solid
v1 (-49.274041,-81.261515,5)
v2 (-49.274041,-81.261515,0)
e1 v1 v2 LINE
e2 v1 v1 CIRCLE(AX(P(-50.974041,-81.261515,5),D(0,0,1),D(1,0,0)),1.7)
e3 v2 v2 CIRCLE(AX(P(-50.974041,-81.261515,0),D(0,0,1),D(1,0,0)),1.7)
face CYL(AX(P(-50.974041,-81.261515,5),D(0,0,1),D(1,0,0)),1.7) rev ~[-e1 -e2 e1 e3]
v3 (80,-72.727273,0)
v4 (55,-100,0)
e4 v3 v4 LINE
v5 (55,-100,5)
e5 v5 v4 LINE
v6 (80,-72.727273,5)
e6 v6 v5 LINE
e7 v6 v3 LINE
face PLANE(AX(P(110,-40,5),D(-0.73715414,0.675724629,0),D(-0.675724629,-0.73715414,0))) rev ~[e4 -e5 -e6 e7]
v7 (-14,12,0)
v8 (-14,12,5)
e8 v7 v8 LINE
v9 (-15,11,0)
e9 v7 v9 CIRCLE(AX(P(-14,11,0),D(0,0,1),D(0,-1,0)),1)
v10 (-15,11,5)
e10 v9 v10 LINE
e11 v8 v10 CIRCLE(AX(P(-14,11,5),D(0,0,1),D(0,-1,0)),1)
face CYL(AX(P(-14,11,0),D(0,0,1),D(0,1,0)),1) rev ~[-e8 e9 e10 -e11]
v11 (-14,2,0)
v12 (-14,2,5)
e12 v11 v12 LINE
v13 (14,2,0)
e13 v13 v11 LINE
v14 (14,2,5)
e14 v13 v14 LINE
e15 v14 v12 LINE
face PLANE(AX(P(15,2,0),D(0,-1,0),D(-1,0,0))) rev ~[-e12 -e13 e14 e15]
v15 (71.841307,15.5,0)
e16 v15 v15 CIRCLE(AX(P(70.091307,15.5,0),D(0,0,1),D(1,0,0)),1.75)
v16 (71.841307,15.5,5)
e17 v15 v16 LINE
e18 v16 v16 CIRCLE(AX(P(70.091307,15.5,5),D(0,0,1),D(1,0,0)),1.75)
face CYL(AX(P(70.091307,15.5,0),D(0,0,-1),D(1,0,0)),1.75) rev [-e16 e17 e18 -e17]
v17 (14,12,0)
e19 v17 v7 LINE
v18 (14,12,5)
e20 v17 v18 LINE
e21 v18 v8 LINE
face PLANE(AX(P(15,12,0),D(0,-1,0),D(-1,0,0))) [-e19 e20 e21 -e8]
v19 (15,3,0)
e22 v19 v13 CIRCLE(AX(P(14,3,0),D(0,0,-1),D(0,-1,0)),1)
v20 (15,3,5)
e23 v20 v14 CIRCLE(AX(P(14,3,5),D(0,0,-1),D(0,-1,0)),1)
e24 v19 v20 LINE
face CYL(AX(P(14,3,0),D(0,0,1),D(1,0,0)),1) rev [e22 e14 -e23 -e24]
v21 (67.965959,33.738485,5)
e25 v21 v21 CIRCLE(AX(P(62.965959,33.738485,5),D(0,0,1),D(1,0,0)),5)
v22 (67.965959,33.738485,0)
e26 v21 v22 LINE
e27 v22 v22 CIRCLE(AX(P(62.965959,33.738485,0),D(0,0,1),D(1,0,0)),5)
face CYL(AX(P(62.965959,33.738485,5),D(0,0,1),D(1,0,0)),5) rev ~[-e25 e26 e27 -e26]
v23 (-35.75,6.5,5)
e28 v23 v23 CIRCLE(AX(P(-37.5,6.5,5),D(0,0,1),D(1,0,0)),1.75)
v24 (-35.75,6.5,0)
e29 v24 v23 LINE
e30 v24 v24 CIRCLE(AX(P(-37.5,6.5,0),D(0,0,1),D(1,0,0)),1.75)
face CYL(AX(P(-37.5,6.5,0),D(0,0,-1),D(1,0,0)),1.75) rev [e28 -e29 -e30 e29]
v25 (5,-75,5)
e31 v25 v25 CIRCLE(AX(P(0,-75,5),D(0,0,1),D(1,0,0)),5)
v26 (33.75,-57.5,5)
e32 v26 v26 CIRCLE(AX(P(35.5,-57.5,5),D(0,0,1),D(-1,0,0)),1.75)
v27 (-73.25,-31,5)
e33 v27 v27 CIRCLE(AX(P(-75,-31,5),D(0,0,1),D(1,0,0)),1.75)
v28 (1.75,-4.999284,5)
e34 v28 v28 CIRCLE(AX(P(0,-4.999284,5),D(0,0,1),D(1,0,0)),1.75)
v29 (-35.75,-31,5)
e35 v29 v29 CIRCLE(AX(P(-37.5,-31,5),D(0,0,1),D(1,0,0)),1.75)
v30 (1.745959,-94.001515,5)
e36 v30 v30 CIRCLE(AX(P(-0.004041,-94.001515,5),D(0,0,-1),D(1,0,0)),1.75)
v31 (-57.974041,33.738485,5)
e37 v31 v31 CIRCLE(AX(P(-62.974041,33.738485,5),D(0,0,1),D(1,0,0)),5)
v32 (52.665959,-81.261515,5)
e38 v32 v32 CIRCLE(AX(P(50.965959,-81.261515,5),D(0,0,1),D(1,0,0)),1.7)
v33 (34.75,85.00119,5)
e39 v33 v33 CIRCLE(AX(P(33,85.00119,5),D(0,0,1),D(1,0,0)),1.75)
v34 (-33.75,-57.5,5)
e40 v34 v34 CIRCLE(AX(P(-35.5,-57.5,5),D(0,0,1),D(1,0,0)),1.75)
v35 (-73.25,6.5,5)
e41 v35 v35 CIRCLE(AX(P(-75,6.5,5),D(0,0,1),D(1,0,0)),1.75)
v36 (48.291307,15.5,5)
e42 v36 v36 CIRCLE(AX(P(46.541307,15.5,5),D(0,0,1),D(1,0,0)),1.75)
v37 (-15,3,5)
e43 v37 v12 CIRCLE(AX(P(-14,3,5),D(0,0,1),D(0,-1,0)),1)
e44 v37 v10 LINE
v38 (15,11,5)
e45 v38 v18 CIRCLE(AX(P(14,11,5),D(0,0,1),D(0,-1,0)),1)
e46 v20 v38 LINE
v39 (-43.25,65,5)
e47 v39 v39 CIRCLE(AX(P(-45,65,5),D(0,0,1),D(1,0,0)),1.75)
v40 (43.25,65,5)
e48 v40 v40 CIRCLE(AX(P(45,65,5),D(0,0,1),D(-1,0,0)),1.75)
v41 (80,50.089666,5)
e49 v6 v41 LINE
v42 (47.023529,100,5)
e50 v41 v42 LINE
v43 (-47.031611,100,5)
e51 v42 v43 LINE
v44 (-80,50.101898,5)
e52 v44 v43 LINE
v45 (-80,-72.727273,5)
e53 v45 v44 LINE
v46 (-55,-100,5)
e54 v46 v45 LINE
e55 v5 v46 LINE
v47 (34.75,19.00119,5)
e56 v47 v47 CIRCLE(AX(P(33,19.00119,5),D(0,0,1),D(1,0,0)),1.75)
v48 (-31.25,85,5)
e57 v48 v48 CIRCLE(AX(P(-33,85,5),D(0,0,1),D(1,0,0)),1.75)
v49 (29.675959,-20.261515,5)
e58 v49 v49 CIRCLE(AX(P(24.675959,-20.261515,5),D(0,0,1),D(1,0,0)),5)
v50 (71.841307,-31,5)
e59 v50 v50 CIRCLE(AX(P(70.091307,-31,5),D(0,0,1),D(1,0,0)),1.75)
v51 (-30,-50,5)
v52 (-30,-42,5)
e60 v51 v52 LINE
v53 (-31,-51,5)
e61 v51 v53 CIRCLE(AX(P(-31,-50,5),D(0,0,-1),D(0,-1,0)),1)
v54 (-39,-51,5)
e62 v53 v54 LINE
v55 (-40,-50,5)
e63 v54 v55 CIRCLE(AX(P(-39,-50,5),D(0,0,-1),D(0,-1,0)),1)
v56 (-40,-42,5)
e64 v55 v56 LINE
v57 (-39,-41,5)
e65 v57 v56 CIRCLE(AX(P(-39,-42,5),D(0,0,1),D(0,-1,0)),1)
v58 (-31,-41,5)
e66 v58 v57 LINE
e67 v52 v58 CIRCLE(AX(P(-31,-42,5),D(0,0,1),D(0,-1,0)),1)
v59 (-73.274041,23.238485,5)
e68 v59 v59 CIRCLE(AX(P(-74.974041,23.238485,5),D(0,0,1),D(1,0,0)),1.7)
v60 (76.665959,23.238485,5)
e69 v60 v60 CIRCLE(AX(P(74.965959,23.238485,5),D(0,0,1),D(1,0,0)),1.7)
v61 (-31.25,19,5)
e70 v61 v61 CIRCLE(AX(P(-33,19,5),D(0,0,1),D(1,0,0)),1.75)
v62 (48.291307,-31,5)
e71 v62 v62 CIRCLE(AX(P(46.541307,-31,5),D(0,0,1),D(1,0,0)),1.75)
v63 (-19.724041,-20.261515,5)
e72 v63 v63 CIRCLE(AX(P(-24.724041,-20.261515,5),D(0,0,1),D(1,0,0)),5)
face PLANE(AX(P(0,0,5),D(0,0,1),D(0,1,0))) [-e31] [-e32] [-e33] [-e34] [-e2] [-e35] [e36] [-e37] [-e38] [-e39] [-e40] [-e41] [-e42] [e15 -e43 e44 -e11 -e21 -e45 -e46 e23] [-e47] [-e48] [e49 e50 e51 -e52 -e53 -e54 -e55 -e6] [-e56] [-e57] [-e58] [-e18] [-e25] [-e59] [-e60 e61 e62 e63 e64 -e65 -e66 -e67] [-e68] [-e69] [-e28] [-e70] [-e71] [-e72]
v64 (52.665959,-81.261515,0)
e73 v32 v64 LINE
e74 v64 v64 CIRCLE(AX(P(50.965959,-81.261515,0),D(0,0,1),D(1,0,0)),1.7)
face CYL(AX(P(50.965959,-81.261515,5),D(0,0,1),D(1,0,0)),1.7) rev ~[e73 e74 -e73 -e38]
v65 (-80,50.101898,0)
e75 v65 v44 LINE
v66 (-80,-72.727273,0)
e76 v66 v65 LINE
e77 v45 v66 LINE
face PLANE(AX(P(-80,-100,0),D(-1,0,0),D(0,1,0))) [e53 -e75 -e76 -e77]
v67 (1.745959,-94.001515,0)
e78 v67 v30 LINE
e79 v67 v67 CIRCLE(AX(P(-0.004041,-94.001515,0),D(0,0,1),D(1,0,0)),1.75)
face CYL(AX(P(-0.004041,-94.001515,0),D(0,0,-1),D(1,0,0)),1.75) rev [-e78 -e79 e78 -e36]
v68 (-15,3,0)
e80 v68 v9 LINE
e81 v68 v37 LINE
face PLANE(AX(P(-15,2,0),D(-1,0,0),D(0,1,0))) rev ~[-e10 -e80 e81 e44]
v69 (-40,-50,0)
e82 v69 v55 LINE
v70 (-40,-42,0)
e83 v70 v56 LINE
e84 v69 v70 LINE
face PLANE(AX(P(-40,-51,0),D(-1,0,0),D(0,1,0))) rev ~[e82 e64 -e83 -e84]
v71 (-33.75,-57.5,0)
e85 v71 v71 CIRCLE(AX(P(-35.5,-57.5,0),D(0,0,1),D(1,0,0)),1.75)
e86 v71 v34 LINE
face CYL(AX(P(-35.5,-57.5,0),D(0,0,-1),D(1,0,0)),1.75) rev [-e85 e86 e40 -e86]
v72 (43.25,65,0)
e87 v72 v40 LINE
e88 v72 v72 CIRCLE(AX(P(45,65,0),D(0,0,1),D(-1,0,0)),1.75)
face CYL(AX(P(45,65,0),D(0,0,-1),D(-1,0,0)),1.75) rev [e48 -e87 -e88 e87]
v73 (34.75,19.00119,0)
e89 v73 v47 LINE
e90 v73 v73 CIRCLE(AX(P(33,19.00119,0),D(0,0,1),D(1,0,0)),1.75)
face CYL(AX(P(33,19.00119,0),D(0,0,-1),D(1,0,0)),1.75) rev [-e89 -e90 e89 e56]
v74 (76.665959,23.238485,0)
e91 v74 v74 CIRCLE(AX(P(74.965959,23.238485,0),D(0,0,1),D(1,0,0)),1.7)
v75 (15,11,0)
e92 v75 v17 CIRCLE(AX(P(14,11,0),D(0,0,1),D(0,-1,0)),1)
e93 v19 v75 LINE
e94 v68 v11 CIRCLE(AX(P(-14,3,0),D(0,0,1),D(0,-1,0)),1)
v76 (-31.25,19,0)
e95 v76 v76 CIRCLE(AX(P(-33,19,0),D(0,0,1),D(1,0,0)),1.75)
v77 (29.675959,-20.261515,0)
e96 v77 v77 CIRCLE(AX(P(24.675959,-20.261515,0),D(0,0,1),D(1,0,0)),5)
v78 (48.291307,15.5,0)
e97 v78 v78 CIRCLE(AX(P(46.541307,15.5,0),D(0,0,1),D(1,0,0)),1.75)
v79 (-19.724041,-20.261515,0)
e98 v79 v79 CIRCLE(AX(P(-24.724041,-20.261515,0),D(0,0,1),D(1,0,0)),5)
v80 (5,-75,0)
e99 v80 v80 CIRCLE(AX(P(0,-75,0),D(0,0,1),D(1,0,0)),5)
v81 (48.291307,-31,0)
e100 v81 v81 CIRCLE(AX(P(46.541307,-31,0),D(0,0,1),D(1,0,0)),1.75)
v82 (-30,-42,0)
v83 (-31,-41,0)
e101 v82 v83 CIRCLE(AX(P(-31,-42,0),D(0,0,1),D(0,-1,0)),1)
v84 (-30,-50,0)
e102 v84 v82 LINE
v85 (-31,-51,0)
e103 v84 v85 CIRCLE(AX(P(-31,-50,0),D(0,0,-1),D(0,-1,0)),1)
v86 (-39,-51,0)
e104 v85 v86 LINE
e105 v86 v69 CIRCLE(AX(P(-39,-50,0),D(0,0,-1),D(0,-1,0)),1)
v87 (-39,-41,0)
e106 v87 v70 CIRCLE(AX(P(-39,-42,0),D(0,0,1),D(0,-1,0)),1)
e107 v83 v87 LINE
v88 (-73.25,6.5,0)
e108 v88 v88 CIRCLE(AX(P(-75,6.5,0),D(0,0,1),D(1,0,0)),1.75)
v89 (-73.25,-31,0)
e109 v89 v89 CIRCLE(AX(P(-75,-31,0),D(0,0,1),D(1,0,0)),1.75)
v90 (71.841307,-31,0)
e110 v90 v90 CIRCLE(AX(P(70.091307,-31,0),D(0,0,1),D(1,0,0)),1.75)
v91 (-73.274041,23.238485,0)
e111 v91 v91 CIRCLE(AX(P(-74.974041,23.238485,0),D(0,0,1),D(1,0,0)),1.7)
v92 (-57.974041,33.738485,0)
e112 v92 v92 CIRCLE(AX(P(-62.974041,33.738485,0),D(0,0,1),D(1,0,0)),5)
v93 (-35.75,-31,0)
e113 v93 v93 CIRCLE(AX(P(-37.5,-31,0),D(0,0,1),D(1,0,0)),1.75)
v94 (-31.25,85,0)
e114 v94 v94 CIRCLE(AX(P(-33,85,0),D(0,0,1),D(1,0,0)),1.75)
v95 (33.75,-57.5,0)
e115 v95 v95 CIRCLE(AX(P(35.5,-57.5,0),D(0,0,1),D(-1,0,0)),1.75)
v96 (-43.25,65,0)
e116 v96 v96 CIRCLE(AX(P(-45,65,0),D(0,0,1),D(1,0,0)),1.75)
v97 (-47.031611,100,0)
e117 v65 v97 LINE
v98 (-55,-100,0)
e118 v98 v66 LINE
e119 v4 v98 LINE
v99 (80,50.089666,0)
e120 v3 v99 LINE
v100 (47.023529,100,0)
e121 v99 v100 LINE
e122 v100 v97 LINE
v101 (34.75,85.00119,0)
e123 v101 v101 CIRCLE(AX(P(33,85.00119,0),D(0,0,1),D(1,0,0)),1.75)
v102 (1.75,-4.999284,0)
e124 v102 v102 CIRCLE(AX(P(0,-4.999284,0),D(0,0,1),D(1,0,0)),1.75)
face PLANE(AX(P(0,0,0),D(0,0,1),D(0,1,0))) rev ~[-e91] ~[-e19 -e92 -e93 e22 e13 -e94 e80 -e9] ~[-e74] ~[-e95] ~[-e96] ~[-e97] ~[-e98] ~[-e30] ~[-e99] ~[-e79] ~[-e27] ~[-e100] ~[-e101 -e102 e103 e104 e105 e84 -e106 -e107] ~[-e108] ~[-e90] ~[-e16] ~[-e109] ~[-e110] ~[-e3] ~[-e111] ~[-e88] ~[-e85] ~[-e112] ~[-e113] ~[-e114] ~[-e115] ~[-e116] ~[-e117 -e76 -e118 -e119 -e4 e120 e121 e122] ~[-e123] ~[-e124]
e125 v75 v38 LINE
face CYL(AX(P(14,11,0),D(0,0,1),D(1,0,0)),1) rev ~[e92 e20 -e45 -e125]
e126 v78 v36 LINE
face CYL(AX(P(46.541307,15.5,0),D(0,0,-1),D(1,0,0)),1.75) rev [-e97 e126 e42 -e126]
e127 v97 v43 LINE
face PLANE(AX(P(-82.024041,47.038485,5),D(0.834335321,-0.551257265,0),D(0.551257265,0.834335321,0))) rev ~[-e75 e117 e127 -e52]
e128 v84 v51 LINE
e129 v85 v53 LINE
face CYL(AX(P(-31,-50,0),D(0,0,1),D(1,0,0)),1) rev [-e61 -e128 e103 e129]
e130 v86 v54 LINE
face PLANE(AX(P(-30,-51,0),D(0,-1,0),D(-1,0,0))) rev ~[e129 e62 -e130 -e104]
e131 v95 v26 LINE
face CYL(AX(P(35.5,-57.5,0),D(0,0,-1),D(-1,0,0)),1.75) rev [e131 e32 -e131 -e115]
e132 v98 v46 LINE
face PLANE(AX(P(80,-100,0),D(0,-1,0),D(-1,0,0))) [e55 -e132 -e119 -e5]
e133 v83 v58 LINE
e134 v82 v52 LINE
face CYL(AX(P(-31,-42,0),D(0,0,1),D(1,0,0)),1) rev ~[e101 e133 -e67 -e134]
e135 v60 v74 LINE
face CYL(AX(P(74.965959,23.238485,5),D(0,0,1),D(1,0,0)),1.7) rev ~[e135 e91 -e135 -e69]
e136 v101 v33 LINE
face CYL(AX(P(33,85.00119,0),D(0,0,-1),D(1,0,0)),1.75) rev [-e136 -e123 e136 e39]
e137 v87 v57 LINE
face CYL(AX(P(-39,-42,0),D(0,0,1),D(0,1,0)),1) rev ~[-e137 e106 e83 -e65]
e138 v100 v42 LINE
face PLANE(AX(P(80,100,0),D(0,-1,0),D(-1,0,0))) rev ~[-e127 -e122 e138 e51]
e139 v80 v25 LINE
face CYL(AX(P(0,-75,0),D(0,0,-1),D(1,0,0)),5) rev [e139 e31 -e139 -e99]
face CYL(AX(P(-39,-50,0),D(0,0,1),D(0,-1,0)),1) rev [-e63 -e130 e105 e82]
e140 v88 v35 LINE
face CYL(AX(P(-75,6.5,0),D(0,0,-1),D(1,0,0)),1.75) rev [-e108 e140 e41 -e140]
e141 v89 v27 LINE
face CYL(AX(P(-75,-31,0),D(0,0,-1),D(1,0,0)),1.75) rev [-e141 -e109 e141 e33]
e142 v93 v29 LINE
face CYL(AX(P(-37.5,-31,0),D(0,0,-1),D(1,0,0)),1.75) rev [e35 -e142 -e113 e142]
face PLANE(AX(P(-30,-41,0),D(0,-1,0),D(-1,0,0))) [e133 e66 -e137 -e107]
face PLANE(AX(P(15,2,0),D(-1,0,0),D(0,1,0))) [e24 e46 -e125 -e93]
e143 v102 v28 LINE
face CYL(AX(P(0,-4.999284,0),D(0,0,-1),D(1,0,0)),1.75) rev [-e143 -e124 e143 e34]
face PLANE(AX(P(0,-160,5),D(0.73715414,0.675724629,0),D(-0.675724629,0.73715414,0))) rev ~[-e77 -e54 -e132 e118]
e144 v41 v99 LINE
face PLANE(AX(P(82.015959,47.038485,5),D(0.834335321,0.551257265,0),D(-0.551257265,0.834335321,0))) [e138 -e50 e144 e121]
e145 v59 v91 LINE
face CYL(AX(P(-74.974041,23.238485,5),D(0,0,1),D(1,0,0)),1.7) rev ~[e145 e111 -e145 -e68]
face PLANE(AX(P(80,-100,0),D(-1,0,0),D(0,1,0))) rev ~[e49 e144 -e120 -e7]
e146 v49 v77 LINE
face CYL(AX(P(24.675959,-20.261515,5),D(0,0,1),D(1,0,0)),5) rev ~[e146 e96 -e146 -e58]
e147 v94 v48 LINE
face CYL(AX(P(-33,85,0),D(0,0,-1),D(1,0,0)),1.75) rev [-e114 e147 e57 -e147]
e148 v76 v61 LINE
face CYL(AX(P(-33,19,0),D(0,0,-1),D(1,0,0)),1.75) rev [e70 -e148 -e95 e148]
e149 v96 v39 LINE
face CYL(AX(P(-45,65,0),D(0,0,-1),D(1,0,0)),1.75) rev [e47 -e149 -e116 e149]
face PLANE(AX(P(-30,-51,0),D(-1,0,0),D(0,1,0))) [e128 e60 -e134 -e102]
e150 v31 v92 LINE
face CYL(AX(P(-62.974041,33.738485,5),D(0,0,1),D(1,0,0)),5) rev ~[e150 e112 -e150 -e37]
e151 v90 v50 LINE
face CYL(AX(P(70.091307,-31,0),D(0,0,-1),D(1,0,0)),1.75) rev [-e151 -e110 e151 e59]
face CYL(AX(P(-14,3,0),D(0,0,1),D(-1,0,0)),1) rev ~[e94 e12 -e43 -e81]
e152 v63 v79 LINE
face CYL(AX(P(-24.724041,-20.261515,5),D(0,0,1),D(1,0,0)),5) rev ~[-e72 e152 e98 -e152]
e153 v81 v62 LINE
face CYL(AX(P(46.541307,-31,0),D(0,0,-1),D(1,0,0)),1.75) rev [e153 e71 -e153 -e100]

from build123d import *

# Parameters (mm, degrees)
ESQUISSE1_W                                  = 200
ESQUISSE1_H                                  = 160
ESQUISSE1_R                                  = 5
ESQUISSE1_R_2                                = 1.75
ESQUISSE1_W_2                                = 10
ESQUISSE1_H_2                                = 10
ESQUISSE1_H_3                                = 30
BOSS_EXTRU_1_DEPTH                           = 5
CONG_2_R                                     = 1
ENL_V_MAT_EXTRU_1_DEPTH                      = 129.16005618
ESQUISSE3_R                                  = 1.75
TROU_CUVE_DIRECTION_DEPTH                    = 129.16005618
ESQUISSE4_R                                  = 1.7
ESQUISSE4_R_2                                = 5
POINTE_AVANT_TROUS_BATTERIES_ET_CABLES_DEPTH = 129.16005618


with BuildPart() as part:
    # Esquisse1 → Boss.-Extru.1 (new body)
    with BuildSketch(Plane(origin=(0, 0, 0), x_dir=(0, 1, 0), z_dir=(0, 0, 1))):
        Rectangle(ESQUISSE1_W, ESQUISSE1_H)
        with Locations(Location((-75, 0, 0), (0, 0, 270))):
            Circle(ESQUISSE1_R, mode=Mode.SUBTRACT)
        with Locations(Location((-57.5, 35.5, 0), (0, 0, 270))):
            Circle(ESQUISSE1_R_2, mode=Mode.SUBTRACT)
        with Locations(Location((-57.5, -35.5, 0), (0, 0, 90))):
            Circle(ESQUISSE1_R_2, mode=Mode.SUBTRACT)
        with Locations(Location((65, 45, 0), (0, 0, 270))):
            Circle(ESQUISSE1_R_2, mode=Mode.SUBTRACT)
        with Locations(Location((65, -45, 0), (0, 0, 90))):
            Circle(ESQUISSE1_R_2, mode=Mode.SUBTRACT)
        with Locations(Location((-31, 37.5, 0), (0, 0, 270))):
            Circle(ESQUISSE1_R_2, mode=Mode.SUBTRACT)
        with Locations(Location((-31, 75, 0), (0, 0, 270))):
            Circle(ESQUISSE1_R_2, mode=Mode.SUBTRACT)
        with Locations(Location((6.5, 75, 0), (0, 0, 270))):
            Circle(ESQUISSE1_R_2, mode=Mode.SUBTRACT)
        with Locations(Location((6.5, 37.5, 0), (0, 0, 270))):
            Circle(ESQUISSE1_R_2, mode=Mode.SUBTRACT)
        with Locations(Location((-31, -46.541307377, 0), (0, 0, 270))):
            Circle(ESQUISSE1_R_2, mode=Mode.SUBTRACT)
        with Locations(Location((-31, -70.091307377, 0), (0, 0, 270))):
            Circle(ESQUISSE1_R_2, mode=Mode.SUBTRACT)
        with Locations(Location((15.5, -46.541307377, 0), (0, 0, 270))):
            Circle(ESQUISSE1_R_2, mode=Mode.SUBTRACT)
        with Locations(Location((15.5, -70.091307377, 0), (0, 0, 270))):
            Circle(ESQUISSE1_R_2, mode=Mode.SUBTRACT)
        with Locations(Location((-4.999283545, 0, 0), (0, 0, 270))):
            Circle(ESQUISSE1_R_2, mode=Mode.SUBTRACT)
        with Locations(Location((85, 33, 0), (0, 0, 270))):
            Circle(ESQUISSE1_R_2, mode=Mode.SUBTRACT)
        with Locations(Location((85.001189598, -32.999999989, 0), (0, 0, 270))):
            Circle(ESQUISSE1_R_2, mode=Mode.SUBTRACT)
        with Locations(Location((19, 33, 0), (0, 0, 270))):
            Circle(ESQUISSE1_R_2, mode=Mode.SUBTRACT)
        with Locations(Location((19.001189598, -32.999999989, 0), (0, 0, 270))):
            Circle(ESQUISSE1_R_2, mode=Mode.SUBTRACT)
        with Locations((-46, 35)):
            Rectangle(ESQUISSE1_W_2, ESQUISSE1_H_2, mode=Mode.SUBTRACT)
        with Locations((7, 0)):
            Rectangle(ESQUISSE1_W_2, ESQUISSE1_H_3, mode=Mode.SUBTRACT)
    extrude(amount=BOSS_EXTRU_1_DEPTH)

    # Congé2
    cong_2_edges = [part.edges().sort_by_distance(p)[0] for p in [
        (-40, -51, 2.5),
        (-30, -51, 2.5),
        (-30, -41, 2.5),
        (-40, -41, 2.5),
        (-15, 2, 2.5),
        (15, 2, 2.5),
        (15, 12, 2.5),
        (-15, 12, 2.5),
    ]]
    fillet(cong_2_edges, radius=CONG_2_R)

    # Esquisse2 → Enlèv. mat.-Extru.1 (cut, through all)
    with BuildSketch(Plane.XY.offset(5)):
        Polygon((-573.580399643, 598.167108478), (-698.698151963, -488.082468479), (684.299979338, -647.380682556), (762.904681953, 702.431902078), align=None)
        Polygon((-110, 40), (0, 160), (110, 40), (110, -40), (0, -160), (-110, -40), align=None, mode=Mode.SUBTRACT)
    extrude(amount=-ENL_V_MAT_EXTRU_1_DEPTH, mode=Mode.SUBTRACT)

    # Esquisse3 → Trou cuve direction (cut, through all)
    with BuildSketch(Plane(origin=(0, 0, 0), x_dir=(0, 1, 0), z_dir=(0, 0, 1))):
        with Locations(Location((-94.001515359, 0.004041019, 0), (0, 0, 270))):
            Circle(ESQUISSE3_R)
    extrude(amount=TROU_CUVE_DIRECTION_DEPTH, mode=Mode.SUBTRACT)

    # Esquisse4 → Pointe avant, trous batteries et cables (cut, through all)
    with BuildSketch(Plane.XY.offset(5)):
        with Locations((-50.974041019, -81.261515359)):
            Circle(ESQUISSE4_R)
        with Locations((-74.974041019, 23.238484641)):
            Circle(ESQUISSE4_R)
        with Locations((50.965958981, -81.261515359)):
            Circle(ESQUISSE4_R)
        with Locations((74.965958981, 23.238484641)):
            Circle(ESQUISSE4_R)
        with Locations((-62.974041019, 33.738484641)):
            Circle(ESQUISSE4_R_2)
        with Locations((62.965958981, 33.738484641)):
            Circle(ESQUISSE4_R_2)
        with Locations((-24.724041019, -20.261515359)):
            Circle(ESQUISSE4_R_2)
        with Locations((24.675958981, -20.261515359)):
            Circle(ESQUISSE4_R_2)
        Polygon((-82.024041019, 47.038484641), (-45.024041019, 103.038484641), (-83.024041019, 103.038484641), (-83.024041019, 47.038484641), align=None)
        Polygon((82.015958981, 47.038484641), (45.015958981, 103.038484641), (83.015958981, 103.038484641), (83.015958981, 47.038484641), align=None)
    extrude(amount=-POINTE_AVANT_TROUS_BATTERIES_ET_CABLES_DEPTH, mode=Mode.SUBTRACT)


solid = part.part
